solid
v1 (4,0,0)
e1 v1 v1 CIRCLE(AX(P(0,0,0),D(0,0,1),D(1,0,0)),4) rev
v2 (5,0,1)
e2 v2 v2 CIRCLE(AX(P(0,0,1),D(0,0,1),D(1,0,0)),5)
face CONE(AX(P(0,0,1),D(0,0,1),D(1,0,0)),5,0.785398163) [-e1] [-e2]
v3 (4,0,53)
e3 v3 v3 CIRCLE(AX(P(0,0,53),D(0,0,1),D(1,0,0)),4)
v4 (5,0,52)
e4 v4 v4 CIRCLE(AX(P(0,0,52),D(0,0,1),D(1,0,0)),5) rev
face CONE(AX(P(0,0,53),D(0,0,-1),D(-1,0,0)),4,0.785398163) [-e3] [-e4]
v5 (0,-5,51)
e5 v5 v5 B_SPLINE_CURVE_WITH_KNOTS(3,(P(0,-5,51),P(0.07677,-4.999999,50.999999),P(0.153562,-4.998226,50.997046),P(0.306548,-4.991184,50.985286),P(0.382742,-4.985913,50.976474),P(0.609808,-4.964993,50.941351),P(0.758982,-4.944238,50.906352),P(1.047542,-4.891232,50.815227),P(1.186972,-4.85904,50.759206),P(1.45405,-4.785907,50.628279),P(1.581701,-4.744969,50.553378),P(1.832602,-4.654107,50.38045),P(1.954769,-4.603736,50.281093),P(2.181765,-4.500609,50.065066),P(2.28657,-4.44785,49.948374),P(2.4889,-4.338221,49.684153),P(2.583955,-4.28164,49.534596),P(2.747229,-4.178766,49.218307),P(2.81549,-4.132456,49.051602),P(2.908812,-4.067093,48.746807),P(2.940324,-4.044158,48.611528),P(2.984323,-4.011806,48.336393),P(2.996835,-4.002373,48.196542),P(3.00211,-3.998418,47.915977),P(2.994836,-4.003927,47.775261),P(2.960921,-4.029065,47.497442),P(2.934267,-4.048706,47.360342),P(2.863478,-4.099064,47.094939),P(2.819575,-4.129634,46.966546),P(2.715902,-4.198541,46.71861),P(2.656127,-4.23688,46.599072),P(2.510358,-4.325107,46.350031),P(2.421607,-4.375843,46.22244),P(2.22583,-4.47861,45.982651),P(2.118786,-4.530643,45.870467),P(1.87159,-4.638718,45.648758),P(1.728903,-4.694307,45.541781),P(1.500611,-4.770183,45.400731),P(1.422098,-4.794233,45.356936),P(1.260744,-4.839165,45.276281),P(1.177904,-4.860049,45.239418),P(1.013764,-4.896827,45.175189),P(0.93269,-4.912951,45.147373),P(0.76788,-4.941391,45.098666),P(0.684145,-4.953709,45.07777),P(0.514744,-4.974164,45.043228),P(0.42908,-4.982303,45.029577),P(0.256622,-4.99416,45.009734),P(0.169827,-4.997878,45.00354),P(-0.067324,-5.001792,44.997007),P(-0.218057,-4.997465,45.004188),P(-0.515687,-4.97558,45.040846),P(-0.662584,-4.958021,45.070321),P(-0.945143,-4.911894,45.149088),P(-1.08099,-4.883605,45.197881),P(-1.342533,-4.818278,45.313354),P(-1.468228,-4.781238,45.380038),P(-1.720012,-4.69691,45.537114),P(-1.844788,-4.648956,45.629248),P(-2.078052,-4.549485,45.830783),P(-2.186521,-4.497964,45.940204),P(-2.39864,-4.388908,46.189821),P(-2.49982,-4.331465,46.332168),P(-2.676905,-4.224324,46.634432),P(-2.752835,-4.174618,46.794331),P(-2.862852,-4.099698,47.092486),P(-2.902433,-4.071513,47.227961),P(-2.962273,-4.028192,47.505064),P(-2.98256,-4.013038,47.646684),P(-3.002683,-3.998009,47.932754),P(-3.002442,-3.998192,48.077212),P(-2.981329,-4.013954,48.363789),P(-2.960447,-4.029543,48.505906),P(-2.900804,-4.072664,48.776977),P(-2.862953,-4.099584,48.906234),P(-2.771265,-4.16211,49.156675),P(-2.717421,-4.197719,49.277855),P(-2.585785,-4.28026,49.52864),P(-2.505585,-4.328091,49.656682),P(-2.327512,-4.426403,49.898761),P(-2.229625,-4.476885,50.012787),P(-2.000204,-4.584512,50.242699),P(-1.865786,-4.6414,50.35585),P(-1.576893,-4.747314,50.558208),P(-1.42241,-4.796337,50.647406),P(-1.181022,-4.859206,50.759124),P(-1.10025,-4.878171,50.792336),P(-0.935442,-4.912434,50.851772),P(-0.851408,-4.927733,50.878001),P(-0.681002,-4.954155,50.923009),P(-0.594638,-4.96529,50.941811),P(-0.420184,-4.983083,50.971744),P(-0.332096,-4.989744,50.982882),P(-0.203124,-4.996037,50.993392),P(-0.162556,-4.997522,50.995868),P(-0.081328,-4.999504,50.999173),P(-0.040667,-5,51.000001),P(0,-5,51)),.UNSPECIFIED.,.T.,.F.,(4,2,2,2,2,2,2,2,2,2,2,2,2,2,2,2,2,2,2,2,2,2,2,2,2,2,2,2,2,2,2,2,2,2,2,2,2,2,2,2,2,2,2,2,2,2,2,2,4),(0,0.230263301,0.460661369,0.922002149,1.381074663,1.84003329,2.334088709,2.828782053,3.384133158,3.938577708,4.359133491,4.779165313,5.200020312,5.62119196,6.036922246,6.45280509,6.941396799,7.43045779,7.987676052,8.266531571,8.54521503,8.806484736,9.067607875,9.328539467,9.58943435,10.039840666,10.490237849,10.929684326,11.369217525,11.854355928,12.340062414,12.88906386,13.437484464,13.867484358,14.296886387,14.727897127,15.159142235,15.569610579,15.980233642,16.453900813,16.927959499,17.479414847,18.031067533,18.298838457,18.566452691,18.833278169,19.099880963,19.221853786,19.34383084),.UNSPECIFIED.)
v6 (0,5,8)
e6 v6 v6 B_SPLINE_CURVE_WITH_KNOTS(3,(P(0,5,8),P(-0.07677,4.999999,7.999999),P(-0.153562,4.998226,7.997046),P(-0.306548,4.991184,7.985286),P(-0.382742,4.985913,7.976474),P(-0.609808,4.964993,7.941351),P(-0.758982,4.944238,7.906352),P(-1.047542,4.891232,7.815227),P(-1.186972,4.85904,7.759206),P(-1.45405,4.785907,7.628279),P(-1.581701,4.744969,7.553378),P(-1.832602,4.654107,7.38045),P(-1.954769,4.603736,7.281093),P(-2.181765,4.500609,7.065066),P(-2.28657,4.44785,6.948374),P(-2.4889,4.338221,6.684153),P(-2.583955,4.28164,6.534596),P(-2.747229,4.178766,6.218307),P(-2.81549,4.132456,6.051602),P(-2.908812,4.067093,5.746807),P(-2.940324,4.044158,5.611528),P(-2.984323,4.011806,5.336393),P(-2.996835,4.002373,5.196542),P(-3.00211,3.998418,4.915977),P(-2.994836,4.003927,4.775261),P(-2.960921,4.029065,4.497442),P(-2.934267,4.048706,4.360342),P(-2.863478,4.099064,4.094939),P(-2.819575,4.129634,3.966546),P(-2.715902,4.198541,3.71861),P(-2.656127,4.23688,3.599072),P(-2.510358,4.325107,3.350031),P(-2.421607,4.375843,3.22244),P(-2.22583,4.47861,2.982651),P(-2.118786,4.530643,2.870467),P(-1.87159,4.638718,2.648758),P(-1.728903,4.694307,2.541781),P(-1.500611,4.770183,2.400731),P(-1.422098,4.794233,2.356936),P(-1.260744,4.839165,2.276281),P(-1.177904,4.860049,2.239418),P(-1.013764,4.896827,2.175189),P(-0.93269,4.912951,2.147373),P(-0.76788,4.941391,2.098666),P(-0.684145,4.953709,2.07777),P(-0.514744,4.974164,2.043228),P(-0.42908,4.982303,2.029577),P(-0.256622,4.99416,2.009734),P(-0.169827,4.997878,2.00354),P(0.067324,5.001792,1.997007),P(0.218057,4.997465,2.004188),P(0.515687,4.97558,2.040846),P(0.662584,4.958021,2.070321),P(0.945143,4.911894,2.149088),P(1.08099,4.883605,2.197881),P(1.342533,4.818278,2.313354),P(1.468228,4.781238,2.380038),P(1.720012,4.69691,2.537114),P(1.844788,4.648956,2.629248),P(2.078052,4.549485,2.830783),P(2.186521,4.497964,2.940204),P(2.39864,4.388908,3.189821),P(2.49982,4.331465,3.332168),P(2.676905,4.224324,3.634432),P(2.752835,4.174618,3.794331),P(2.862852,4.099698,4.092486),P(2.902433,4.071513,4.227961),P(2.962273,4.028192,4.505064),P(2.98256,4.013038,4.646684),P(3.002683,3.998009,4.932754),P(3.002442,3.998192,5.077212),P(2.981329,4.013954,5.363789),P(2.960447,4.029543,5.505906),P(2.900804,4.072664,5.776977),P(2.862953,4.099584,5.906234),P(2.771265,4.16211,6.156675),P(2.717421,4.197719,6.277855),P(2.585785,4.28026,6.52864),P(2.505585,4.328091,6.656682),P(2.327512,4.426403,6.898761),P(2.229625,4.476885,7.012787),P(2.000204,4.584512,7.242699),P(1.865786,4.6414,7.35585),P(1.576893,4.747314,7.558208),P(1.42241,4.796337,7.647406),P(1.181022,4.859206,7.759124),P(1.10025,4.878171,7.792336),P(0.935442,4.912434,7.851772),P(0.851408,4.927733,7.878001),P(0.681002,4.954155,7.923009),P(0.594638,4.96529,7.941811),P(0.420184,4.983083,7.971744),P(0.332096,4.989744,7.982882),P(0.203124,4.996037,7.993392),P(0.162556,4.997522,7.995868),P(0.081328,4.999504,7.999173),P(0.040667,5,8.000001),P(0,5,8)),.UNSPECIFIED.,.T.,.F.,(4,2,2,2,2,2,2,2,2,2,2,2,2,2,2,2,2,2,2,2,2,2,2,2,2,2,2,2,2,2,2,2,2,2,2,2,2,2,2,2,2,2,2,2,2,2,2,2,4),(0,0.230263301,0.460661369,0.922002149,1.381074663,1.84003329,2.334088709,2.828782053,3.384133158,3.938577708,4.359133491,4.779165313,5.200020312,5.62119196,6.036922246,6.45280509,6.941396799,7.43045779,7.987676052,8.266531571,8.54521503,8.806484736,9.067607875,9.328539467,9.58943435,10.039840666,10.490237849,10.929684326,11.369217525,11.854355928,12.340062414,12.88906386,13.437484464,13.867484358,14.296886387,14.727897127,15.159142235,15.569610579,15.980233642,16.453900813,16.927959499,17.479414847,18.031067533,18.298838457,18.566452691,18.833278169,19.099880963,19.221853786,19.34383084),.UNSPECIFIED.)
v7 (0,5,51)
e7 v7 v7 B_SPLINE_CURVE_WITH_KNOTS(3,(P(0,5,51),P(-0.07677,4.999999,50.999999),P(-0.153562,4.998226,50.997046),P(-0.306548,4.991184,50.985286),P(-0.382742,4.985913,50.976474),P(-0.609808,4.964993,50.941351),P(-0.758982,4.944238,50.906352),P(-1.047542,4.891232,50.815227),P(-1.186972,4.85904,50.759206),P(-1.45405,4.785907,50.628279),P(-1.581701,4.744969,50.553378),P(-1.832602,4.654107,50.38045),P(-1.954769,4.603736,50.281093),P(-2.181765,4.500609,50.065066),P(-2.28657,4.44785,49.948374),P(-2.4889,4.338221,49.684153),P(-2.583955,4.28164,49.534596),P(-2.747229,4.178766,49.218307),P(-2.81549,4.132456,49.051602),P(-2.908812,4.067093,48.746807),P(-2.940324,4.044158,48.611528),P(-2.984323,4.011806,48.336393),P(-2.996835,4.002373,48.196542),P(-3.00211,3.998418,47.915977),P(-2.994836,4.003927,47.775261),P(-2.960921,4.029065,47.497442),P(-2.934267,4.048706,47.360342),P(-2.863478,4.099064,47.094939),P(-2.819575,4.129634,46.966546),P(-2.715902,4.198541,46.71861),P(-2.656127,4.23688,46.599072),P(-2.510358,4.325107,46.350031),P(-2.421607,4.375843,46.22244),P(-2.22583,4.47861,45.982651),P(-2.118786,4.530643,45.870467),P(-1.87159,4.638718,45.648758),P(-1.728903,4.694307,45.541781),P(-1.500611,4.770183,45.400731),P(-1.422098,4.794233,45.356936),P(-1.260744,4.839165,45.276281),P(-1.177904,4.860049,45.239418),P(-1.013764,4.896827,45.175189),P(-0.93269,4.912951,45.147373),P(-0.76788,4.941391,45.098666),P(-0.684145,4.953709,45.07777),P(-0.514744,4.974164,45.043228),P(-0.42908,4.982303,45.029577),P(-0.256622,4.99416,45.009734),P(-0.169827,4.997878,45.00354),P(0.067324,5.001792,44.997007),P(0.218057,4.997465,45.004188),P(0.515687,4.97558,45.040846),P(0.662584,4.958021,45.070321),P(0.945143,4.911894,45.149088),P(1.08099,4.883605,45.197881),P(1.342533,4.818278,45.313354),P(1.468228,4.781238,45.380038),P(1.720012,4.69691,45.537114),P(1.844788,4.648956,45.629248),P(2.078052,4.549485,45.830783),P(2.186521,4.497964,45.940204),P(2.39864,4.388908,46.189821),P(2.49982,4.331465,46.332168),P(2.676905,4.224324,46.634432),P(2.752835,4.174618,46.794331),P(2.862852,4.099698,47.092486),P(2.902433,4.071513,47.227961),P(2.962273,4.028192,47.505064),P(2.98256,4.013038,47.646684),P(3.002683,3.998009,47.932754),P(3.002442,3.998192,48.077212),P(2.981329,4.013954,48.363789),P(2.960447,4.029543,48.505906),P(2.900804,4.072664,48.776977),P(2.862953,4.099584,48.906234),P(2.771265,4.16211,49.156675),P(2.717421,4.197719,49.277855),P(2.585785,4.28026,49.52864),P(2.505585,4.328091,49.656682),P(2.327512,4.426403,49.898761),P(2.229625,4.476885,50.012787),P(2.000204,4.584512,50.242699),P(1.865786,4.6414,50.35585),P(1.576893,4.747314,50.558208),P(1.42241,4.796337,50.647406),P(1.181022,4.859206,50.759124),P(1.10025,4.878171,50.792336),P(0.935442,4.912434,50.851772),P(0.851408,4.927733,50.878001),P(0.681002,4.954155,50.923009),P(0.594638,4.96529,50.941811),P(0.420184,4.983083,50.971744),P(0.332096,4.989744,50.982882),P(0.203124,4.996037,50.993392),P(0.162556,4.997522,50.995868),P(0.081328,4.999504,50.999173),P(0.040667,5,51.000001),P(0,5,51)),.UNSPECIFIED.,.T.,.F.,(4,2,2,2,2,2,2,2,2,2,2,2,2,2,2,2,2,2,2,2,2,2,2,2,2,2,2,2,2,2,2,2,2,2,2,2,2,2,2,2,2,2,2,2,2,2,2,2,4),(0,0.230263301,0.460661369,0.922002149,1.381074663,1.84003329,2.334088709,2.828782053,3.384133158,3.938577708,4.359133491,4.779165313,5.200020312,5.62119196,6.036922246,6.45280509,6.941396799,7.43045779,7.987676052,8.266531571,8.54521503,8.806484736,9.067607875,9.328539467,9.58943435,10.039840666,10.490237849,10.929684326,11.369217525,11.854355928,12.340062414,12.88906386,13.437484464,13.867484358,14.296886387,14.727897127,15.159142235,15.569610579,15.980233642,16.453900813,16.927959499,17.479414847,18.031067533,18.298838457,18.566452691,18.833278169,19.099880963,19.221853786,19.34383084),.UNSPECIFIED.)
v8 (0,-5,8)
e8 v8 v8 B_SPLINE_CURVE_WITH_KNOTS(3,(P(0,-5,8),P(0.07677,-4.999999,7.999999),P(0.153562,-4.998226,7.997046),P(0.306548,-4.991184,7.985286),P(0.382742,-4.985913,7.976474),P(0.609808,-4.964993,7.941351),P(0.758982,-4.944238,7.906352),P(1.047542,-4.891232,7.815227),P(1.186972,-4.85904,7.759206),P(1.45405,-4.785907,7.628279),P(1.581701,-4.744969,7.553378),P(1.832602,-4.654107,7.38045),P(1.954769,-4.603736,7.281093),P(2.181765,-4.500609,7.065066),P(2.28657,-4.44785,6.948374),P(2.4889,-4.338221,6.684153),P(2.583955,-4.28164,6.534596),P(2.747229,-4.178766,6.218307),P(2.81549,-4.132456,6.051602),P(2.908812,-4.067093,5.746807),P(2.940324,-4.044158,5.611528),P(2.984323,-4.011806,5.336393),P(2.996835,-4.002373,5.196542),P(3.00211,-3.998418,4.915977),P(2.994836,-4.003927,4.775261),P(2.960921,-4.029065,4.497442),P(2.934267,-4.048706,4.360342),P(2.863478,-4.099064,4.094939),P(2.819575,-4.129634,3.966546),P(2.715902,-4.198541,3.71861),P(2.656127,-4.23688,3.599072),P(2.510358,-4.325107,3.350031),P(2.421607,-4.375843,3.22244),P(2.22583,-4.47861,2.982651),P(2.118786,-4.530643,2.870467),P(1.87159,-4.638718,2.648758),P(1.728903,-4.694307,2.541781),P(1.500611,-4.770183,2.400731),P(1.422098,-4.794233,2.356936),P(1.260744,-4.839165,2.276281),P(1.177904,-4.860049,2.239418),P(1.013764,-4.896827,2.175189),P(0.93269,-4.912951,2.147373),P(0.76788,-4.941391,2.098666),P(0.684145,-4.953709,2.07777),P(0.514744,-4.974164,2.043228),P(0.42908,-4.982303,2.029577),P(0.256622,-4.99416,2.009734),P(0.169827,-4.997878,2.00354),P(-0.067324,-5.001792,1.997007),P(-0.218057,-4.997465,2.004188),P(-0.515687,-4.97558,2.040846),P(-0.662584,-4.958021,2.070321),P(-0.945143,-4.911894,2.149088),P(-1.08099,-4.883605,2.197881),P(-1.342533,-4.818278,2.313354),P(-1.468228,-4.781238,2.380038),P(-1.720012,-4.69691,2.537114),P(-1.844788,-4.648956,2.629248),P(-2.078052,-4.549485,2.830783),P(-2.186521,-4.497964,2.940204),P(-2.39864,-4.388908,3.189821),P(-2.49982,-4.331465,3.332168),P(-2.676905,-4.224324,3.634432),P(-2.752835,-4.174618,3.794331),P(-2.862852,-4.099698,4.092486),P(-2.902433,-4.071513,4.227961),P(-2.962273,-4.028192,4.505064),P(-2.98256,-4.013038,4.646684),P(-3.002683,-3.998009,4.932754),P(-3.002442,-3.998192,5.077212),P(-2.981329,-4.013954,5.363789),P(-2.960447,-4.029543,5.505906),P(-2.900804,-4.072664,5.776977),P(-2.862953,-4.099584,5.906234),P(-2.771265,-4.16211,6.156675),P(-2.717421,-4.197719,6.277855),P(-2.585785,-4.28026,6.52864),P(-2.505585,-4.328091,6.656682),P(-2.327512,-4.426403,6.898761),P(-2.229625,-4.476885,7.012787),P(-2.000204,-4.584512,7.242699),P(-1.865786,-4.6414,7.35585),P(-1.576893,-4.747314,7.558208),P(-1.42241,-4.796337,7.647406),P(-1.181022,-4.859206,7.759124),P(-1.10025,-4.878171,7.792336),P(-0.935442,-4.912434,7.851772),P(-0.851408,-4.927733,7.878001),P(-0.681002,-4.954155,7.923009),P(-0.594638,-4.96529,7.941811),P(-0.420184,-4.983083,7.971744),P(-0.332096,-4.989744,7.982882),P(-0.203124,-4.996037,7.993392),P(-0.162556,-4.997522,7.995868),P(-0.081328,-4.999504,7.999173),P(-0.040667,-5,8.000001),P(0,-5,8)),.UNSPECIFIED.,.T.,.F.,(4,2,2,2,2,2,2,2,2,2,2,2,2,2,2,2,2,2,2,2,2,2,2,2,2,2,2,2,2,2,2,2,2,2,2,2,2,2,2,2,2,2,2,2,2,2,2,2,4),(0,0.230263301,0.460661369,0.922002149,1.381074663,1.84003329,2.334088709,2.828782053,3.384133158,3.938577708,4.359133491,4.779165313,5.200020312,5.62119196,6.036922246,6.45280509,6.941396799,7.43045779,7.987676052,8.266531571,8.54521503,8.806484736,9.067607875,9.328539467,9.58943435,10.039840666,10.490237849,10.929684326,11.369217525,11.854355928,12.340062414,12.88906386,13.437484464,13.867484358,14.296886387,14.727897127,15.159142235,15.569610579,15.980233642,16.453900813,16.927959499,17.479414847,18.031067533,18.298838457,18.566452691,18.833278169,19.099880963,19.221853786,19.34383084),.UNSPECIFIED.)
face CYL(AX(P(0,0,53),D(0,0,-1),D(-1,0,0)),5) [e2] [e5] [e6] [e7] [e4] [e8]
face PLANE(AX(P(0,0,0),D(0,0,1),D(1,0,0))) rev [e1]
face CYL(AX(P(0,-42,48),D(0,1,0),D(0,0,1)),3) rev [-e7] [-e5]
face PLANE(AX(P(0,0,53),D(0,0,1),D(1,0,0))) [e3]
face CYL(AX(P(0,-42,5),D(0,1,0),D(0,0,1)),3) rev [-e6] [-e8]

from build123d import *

# Parameters (mm, degrees)
SKIZZE1_R                       = 5
AUFSATZ_LINEAR_AUSTRAGEN1_DEPTH = 53
SKIZZE2_R                       = 3
SCHNITT_LINEAR_AUSTRAGEN1_DEPTH = 47
FASE1_SIZE                      = 1


with BuildPart() as part:
    # Skizze1 → Aufsatz-Linear austragen1 (new body)
    with BuildSketch(Plane.XY):
        Circle(SKIZZE1_R)
    extrude(amount=AUFSATZ_LINEAR_AUSTRAGEN1_DEPTH)

    # Skizze2 → Schnitt-Linear austragen1 (cut)
    with BuildSketch(Plane(origin=(0, 5, 0), x_dir=(1, 0, 0), z_dir=(0, 1, 0))):
        with Locations(Location((0, -5, 0), (0, 0, 270))):
            Circle(SKIZZE2_R)
        with Locations(Location((0, -48, 0), (0, 0, 270))):
            Circle(SKIZZE2_R)
    extrude(amount=-SCHNITT_LINEAR_AUSTRAGEN1_DEPTH, mode=Mode.SUBTRACT)

    # Fase1
    fase1_edges = [part.edges().sort_by_distance(p)[0] for p in [
        (-5, 0, 0),
        (-5, 0, 53),
    ]]
    chamfer(fase1_edges, length=FASE1_SIZE)


solid = part.part
